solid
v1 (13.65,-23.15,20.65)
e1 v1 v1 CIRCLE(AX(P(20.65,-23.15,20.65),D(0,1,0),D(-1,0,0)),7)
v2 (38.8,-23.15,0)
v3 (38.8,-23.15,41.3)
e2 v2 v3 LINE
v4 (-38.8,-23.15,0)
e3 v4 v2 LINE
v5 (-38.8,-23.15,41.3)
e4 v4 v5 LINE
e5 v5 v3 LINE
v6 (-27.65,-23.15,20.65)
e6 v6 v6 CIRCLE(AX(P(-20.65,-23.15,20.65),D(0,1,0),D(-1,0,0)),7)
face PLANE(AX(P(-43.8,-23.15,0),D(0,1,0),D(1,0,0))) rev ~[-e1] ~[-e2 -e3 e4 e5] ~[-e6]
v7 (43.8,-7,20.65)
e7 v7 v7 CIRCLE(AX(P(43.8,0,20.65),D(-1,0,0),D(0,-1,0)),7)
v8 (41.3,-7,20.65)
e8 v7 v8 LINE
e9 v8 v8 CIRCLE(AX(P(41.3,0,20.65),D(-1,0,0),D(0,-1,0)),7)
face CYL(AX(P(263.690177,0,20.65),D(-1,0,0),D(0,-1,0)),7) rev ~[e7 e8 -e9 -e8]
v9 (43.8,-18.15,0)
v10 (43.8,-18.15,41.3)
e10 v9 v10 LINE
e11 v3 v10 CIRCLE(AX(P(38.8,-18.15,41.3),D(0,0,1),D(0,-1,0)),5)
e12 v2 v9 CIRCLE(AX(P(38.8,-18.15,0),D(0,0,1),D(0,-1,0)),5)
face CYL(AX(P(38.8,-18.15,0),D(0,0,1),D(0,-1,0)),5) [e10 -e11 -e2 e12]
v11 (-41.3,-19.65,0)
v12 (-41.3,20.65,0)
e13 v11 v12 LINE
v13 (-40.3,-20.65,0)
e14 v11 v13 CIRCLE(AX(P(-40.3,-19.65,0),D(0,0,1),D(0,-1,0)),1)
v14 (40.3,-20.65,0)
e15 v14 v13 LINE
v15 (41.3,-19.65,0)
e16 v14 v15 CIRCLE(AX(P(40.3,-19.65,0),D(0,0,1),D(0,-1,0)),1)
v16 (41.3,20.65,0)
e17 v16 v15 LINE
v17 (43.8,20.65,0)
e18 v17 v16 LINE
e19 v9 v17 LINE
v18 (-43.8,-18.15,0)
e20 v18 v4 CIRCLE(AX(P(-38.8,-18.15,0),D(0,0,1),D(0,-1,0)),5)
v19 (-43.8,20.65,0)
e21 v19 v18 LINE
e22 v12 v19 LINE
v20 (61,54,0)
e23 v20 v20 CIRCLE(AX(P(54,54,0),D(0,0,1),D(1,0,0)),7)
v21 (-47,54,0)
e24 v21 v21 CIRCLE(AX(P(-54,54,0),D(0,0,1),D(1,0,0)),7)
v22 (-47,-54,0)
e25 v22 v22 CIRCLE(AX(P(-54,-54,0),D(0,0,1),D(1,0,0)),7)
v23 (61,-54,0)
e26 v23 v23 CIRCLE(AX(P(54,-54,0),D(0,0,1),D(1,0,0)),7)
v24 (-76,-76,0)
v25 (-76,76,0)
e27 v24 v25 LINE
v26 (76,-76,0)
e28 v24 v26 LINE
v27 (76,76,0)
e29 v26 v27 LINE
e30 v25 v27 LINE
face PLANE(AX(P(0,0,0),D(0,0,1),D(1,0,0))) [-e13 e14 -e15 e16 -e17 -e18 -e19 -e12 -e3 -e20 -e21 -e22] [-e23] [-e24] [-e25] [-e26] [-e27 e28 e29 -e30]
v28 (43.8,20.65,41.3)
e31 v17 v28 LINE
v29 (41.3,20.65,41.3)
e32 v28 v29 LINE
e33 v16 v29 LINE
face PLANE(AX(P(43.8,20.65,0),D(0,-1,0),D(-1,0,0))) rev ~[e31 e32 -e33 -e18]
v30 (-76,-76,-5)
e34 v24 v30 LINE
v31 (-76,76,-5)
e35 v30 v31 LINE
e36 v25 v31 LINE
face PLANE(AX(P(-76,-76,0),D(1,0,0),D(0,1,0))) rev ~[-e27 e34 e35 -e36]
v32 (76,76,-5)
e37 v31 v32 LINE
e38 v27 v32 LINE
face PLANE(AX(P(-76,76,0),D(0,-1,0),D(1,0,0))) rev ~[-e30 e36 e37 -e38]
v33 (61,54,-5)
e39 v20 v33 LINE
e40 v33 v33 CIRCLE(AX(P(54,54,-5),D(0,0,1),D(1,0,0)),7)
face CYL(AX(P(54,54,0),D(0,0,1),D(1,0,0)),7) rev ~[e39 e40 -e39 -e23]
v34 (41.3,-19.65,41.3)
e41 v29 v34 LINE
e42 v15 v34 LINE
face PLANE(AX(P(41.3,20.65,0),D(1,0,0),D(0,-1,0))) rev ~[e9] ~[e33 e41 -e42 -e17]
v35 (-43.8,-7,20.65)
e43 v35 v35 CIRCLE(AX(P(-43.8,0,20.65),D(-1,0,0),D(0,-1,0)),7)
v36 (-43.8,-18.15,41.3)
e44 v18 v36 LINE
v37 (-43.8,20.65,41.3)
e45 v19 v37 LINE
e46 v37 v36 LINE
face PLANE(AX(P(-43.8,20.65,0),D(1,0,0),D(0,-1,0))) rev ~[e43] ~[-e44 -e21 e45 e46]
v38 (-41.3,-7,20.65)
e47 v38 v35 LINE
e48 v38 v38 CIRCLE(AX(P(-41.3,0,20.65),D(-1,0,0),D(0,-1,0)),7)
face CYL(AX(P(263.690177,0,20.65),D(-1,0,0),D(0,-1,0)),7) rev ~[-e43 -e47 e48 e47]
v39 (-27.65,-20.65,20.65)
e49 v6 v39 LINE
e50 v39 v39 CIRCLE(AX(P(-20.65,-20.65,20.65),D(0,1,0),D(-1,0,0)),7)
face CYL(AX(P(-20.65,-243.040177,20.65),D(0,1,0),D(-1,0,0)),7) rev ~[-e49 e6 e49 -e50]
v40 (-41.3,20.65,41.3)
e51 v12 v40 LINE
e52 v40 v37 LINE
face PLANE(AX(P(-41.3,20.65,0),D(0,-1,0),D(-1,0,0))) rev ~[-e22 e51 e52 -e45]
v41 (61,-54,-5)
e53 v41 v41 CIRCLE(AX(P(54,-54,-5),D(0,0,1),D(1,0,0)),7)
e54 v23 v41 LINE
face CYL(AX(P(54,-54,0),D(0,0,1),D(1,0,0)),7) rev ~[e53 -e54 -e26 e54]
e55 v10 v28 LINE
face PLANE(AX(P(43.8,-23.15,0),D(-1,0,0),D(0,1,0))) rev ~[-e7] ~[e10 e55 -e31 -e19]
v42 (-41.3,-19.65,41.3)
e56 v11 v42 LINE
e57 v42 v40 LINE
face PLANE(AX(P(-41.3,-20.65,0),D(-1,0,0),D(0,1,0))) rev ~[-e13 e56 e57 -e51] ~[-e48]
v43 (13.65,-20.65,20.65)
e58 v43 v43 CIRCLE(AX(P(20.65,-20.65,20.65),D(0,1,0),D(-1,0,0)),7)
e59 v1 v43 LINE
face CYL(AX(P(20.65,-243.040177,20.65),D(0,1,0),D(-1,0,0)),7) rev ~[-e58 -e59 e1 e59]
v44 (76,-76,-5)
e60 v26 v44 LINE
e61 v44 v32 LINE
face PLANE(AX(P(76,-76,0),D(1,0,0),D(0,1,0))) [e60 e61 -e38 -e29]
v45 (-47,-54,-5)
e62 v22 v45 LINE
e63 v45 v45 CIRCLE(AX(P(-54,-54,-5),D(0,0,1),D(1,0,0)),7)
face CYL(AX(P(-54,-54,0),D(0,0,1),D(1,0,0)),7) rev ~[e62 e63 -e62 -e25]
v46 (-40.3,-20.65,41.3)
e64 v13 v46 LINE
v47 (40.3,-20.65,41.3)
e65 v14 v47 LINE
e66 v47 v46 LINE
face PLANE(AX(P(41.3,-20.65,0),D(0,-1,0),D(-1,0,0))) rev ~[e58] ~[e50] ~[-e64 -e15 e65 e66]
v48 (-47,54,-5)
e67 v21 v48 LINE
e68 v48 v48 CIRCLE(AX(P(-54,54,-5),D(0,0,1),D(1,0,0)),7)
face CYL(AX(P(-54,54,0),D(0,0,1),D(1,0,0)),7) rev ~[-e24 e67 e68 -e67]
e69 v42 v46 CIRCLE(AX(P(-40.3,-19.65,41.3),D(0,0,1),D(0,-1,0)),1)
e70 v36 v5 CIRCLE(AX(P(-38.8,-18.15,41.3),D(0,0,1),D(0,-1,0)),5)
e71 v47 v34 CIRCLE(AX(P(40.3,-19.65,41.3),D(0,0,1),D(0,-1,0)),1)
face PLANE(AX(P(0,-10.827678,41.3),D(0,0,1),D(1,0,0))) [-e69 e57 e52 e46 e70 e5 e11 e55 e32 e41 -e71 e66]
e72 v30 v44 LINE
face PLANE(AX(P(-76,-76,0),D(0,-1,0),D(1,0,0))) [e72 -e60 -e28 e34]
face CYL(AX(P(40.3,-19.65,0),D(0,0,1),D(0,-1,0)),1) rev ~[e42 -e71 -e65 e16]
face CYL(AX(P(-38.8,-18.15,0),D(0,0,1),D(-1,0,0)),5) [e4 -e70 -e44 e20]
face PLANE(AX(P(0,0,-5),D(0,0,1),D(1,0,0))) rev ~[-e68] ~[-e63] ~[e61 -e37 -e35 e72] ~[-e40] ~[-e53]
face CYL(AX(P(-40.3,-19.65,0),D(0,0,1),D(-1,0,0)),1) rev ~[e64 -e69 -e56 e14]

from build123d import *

# Parameters (mm, degrees)
F0_W     = 152
F0_H     = 152
F0_R     = 7
F1_DEPTH = 5
F3_DEPTH = 41.3
F4_R     = 5
F5_R     = 1
F7_D     = 14
F9_D     = 14


with BuildPart() as f1:
    # F0 (on Top) → F1 (new body)
    with BuildSketch(Plane.XY):
        Rectangle(F0_W, F0_H)
        with Locations((-54, -54)):
            Circle(F0_R, mode=Mode.SUBTRACT)
        with Locations((54, -54)):
            Circle(F0_R, mode=Mode.SUBTRACT)
        with Locations((-54, 54)):
            Circle(F0_R, mode=Mode.SUBTRACT)
        with Locations((54, 54)):
            Circle(F0_R, mode=Mode.SUBTRACT)
    extrude(amount=-F1_DEPTH)

    # F2 (on face) → F3 (join)
    with BuildSketch(Plane.XY):
        Polygon((-41.3, 20.65), (-43.8, 20.65), (-43.8, -23.15), (43.8, -23.15), (43.8, 20.65), (41.3, 20.65), (41.3, -20.65), (-41.3, -20.65), align=None)
    extrude(amount=F3_DEPTH)

    # F4
    f4_edges = [f1.edges().sort_by_distance(p)[0] for p in [
        (43.8, -23.15, 20.65),
        (-43.8, -23.15, 20.65),
    ]]
    fillet(f4_edges, radius=F4_R)

    # F5
    f5_edges = [f1.edges().sort_by_distance(p)[0] for p in [
        (41.3, -20.65, 20.65),
        (-41.3, -20.65, 20.65),
    ]]
    fillet(f5_edges, radius=F5_R)

    # F7 (through all)
    with Locations(Plane.YZ.offset(43.8)):
        with Locations((0, 20.65)):
            Hole(F7_D / 2)

    # F9 (through all)
    with Locations(Plane.XZ.offset(23.15)):
        with Locations((-20.65, 20.65), (20.65, 20.65)):
            Hole(F9_D / 2)


solid = f1.part
